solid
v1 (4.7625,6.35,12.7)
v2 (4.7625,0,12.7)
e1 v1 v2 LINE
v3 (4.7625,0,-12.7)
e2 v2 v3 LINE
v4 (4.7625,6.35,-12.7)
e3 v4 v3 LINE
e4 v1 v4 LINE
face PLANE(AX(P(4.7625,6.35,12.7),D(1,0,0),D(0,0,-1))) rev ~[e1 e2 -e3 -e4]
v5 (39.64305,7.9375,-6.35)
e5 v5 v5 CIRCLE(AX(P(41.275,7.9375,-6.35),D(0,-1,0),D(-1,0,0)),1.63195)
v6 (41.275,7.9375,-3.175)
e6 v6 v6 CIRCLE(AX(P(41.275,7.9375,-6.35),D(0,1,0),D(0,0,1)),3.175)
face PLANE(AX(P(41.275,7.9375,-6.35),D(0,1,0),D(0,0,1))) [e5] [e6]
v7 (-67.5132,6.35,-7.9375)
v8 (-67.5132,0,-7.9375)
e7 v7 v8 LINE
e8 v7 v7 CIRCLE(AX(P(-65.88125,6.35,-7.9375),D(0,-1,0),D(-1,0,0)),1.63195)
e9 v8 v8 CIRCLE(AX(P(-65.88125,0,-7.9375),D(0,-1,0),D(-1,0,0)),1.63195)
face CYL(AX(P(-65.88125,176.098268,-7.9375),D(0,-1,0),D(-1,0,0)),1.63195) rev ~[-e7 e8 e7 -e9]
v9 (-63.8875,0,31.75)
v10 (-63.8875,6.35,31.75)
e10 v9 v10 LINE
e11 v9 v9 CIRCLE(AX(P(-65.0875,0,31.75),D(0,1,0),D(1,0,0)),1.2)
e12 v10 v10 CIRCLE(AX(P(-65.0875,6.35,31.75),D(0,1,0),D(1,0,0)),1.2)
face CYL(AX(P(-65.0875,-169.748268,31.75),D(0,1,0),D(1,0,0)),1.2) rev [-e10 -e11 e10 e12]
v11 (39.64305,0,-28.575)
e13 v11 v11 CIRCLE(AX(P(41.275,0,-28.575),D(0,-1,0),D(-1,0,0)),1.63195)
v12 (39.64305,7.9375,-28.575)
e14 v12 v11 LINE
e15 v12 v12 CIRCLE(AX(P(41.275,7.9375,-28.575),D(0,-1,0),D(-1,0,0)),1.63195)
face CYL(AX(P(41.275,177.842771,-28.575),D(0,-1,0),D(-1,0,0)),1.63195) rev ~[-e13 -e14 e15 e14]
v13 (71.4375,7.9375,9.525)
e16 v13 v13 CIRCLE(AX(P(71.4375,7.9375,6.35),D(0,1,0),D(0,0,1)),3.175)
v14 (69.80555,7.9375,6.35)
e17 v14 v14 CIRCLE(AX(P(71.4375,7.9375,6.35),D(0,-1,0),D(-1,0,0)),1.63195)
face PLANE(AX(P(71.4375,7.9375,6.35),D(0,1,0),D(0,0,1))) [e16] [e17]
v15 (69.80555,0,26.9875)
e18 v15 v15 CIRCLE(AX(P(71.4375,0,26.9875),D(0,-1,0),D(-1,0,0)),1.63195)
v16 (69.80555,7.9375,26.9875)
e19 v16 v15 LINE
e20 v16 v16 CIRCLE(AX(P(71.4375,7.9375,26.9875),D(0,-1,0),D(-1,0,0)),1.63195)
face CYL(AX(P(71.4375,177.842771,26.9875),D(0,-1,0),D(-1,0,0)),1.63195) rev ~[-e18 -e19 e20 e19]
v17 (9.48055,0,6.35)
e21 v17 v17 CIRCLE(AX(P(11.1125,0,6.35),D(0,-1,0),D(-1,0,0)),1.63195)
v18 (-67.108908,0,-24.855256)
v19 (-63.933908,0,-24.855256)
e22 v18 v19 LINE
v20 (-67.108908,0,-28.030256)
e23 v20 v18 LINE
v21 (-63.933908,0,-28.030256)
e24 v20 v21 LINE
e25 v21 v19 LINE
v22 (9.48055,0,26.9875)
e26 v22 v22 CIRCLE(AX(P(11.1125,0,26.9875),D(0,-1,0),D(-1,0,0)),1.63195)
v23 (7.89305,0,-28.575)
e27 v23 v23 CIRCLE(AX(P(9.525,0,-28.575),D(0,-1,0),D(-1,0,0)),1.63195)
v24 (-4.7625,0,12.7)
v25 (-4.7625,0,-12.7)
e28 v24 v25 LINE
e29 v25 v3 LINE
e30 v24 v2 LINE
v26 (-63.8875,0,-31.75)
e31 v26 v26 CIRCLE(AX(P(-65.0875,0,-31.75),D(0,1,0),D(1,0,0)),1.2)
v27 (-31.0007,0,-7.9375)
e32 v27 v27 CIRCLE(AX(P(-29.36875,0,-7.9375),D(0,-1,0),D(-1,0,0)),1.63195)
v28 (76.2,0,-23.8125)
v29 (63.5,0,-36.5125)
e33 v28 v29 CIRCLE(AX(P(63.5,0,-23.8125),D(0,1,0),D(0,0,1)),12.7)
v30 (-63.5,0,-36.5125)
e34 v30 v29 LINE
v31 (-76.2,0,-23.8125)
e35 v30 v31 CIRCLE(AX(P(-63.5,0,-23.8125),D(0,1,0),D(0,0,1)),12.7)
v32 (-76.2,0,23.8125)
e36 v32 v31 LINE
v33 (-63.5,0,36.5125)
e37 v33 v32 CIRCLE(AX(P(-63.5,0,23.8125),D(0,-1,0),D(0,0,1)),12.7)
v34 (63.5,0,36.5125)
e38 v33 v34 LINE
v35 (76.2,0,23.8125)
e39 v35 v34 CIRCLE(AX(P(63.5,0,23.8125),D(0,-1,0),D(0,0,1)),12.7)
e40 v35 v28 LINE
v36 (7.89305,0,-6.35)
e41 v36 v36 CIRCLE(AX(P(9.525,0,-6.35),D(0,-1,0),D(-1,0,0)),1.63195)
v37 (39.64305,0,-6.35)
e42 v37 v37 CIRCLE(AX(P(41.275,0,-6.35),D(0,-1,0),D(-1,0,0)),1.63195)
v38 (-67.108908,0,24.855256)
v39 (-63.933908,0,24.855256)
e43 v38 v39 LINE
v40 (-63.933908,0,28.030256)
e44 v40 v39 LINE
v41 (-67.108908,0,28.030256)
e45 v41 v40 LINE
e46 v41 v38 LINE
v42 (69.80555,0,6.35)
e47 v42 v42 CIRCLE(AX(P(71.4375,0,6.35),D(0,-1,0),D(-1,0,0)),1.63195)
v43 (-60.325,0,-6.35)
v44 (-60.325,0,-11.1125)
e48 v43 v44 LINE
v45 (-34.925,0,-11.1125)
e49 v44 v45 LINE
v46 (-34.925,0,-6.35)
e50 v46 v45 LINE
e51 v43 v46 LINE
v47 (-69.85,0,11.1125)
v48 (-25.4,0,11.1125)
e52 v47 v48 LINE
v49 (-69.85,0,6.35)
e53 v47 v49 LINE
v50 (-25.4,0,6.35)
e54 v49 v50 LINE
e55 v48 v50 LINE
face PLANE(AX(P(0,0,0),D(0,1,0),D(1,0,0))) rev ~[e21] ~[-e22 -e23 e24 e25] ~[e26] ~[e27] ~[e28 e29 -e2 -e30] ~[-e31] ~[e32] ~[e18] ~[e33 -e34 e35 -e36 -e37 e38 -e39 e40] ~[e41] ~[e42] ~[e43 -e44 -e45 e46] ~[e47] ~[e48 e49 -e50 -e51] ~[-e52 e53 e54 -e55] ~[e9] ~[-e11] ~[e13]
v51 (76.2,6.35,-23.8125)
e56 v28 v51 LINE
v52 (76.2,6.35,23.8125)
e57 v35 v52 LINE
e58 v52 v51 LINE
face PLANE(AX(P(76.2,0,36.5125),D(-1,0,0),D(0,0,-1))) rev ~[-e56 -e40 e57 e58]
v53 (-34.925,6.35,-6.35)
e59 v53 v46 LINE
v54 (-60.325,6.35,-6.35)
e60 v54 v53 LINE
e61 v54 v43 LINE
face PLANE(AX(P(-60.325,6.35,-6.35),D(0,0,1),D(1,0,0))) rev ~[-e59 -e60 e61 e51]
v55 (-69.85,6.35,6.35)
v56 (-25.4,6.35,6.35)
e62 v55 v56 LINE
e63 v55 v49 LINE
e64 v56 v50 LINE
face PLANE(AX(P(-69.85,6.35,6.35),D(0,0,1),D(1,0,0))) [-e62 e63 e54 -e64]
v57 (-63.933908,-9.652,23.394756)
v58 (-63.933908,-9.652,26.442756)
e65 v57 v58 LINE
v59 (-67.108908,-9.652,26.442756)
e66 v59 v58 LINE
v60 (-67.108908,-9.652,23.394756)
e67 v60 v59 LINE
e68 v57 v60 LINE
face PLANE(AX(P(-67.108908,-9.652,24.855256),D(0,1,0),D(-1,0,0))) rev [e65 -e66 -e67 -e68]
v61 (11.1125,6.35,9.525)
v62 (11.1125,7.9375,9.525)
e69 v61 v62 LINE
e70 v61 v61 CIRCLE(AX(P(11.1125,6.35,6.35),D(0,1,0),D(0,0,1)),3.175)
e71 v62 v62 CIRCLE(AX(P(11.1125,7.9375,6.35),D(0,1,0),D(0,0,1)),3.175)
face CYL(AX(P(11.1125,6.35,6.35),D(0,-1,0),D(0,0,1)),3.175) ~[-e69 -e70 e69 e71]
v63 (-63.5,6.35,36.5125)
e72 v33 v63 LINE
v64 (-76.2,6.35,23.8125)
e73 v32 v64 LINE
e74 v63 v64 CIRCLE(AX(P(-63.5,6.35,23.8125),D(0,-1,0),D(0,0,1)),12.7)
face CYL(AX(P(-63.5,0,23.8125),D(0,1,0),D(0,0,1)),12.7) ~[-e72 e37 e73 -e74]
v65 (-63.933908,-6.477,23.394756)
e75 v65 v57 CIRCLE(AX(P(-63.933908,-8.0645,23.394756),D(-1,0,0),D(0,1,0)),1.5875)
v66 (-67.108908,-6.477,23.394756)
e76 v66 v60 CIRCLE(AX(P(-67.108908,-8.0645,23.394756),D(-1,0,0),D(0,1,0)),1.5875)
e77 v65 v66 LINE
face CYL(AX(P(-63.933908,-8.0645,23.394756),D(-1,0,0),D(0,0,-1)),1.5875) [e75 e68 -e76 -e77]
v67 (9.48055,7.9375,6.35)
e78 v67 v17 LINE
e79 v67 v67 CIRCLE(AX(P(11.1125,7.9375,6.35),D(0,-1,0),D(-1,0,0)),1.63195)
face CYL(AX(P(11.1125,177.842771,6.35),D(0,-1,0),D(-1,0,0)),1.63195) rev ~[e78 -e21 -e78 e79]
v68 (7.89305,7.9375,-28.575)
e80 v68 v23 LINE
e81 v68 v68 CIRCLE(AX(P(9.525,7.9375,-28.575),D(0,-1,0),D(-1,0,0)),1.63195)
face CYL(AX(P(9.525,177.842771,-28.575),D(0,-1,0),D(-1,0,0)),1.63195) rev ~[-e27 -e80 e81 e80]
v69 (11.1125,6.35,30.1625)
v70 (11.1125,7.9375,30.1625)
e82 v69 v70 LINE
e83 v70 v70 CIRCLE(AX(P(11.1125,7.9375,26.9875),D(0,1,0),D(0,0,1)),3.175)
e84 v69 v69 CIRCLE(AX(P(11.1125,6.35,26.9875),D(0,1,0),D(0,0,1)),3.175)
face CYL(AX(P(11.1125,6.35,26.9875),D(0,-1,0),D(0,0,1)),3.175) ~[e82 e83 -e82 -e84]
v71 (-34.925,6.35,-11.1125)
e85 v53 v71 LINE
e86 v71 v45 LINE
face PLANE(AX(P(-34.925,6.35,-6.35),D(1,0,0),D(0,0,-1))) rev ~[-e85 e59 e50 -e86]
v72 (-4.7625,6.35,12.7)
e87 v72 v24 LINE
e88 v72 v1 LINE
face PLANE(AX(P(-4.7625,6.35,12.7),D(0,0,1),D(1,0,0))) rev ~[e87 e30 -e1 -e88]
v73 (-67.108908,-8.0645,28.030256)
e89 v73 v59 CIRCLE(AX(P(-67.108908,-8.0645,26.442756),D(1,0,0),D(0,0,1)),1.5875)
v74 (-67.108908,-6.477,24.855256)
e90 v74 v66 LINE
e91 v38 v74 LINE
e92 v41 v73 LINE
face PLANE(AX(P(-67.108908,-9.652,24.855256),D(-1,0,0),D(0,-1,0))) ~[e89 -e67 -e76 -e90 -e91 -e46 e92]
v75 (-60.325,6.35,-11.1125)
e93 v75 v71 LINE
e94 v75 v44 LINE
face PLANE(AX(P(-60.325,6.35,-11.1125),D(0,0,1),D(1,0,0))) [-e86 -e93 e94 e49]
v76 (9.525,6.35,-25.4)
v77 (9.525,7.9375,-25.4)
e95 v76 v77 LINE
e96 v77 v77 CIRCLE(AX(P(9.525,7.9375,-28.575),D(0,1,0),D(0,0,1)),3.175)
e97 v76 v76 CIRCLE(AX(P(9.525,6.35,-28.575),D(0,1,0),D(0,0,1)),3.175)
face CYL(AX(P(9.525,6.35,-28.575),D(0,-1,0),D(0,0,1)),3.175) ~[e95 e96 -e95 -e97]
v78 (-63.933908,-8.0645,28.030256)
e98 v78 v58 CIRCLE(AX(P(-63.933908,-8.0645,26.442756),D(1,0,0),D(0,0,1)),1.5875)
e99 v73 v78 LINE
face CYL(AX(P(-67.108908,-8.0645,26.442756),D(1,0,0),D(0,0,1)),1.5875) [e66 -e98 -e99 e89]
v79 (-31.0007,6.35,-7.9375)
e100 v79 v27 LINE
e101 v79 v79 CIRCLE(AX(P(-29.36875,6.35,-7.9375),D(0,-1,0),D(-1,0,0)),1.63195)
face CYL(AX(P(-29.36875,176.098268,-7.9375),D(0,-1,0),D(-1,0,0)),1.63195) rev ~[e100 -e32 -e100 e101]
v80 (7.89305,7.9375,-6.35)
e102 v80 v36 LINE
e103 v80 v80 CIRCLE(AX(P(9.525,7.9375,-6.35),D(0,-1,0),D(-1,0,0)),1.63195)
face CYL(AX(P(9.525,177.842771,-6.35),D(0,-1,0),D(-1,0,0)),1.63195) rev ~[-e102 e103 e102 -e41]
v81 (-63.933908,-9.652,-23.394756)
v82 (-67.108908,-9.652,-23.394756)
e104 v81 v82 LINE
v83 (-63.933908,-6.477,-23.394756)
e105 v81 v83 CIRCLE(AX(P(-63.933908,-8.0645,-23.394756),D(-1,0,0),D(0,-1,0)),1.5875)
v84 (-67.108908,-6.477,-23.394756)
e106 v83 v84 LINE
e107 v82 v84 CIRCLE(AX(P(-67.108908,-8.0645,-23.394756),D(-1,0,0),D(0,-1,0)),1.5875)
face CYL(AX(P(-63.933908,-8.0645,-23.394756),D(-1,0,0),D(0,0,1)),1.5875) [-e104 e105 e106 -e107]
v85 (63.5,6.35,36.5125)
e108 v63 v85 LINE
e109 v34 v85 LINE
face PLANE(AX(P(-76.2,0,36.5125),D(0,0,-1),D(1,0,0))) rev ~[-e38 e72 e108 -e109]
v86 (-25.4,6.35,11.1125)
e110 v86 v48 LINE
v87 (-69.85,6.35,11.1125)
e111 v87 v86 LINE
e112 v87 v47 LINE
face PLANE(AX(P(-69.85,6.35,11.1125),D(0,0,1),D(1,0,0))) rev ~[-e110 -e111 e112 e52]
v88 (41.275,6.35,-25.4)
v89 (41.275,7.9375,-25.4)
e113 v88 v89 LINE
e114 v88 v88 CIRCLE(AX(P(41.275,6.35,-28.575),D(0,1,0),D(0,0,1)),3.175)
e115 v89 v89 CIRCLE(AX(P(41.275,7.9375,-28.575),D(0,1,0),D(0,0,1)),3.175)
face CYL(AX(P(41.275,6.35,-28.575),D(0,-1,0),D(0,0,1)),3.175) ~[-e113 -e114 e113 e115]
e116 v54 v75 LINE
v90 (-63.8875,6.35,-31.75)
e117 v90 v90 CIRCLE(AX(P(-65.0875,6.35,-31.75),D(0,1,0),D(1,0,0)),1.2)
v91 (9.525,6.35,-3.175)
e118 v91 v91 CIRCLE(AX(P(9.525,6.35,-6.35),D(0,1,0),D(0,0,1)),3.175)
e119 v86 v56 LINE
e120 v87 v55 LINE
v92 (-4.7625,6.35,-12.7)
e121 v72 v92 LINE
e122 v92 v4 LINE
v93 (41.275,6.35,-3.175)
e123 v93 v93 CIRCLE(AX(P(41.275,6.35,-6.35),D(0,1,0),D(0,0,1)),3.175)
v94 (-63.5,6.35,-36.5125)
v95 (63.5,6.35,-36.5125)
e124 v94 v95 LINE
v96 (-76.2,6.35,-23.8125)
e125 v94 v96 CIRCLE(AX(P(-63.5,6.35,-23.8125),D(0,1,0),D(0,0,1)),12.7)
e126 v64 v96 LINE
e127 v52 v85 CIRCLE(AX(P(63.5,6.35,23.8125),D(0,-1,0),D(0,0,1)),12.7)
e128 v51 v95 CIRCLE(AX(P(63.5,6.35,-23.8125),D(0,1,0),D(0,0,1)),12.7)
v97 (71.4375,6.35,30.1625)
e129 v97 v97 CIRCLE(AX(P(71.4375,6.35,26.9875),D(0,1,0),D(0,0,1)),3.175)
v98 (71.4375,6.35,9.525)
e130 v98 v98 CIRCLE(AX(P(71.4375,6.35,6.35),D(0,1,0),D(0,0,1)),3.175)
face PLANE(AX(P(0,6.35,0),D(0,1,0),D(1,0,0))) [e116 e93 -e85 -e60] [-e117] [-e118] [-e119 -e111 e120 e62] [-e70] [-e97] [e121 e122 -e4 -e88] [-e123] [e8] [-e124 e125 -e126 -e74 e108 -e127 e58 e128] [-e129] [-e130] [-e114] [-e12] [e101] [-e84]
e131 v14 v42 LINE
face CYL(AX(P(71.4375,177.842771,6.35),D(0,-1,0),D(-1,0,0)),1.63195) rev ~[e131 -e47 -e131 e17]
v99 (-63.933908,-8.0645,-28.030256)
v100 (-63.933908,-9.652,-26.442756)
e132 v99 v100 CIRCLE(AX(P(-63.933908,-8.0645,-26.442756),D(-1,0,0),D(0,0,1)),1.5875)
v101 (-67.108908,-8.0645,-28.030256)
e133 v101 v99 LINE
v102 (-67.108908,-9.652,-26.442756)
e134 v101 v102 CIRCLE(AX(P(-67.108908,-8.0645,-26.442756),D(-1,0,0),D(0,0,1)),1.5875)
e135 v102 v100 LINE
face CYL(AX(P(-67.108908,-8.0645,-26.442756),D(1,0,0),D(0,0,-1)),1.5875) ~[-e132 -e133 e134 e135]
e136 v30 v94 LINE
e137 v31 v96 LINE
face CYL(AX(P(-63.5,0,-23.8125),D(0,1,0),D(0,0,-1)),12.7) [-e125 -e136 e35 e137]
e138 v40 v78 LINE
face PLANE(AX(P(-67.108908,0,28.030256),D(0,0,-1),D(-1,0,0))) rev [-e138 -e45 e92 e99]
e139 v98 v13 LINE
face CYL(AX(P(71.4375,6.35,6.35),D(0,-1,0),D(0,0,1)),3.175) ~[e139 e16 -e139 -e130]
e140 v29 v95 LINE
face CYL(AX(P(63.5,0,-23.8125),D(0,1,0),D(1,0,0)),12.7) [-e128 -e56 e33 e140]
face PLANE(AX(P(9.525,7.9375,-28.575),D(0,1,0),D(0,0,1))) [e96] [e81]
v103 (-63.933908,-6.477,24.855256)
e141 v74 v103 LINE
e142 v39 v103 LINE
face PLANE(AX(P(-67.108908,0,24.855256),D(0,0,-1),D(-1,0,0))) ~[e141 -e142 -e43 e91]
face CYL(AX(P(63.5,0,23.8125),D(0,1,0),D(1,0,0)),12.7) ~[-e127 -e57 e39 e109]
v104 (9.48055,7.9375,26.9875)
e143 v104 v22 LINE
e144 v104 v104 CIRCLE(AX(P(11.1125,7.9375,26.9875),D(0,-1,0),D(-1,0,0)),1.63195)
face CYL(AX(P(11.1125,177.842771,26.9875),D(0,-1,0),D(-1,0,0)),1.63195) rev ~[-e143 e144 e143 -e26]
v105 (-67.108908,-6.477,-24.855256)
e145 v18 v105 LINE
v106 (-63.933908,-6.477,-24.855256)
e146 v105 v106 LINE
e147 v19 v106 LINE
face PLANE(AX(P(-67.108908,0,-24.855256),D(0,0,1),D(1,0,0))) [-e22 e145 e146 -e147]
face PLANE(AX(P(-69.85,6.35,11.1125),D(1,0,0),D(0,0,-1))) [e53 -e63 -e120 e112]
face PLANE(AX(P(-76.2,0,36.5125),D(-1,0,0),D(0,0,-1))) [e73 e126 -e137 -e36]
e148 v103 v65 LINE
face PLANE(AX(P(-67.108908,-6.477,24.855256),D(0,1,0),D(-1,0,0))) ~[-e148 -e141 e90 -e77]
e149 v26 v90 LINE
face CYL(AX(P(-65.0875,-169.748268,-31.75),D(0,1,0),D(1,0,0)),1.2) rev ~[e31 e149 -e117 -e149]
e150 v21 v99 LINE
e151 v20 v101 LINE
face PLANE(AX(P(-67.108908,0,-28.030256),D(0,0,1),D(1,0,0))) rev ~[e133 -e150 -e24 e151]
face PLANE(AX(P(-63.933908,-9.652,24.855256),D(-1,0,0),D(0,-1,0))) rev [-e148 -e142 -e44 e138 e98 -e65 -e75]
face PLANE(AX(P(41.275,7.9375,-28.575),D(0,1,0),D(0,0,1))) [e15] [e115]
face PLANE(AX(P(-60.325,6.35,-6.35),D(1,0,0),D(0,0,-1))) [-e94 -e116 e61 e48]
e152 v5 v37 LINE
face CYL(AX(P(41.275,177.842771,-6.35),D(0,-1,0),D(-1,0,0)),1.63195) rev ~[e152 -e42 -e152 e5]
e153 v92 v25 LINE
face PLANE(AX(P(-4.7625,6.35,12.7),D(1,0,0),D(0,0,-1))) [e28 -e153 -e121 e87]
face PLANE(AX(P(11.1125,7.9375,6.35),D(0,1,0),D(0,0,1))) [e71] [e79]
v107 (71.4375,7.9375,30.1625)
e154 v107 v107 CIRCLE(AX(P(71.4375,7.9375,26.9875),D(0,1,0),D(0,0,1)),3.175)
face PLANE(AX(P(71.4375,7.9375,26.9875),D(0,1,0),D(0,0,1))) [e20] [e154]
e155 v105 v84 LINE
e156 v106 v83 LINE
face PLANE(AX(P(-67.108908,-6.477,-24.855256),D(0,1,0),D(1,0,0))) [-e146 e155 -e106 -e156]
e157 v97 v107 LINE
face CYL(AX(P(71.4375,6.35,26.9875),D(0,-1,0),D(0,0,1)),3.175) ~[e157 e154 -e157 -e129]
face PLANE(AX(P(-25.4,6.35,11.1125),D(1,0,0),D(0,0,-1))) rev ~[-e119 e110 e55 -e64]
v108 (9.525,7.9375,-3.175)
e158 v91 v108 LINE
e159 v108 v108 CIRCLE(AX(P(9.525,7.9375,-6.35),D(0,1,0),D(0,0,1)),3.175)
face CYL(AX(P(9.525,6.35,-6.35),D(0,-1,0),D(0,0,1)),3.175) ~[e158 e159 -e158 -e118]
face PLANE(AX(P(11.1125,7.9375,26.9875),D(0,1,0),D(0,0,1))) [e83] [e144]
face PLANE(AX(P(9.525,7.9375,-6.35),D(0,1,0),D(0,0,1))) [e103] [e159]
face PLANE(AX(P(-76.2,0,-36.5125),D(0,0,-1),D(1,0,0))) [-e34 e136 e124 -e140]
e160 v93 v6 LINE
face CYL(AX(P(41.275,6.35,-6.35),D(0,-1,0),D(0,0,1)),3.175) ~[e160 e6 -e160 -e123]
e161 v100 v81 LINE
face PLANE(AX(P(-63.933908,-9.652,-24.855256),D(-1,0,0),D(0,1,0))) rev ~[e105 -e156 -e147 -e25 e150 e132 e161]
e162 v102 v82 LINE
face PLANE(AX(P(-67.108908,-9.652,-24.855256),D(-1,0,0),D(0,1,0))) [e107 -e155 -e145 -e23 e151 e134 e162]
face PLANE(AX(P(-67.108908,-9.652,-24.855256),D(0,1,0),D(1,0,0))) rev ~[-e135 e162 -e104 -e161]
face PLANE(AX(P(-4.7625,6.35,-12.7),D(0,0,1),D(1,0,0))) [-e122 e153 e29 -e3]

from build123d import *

# Parameters (mm, degrees)
SKETCH1_W             = 152.4
SKETCH1_H             = 73.025
BOSS_EXTRUDE1_DEPTH   = 6.35
SKETCH2_W             = 3.175
SKETCH2_H             = 3.175
BOSS_EXTRUDE2_DEPTH   = 9.652
SKETCH3_W             = 3.175
SKETCH3_H             = 3.175
BOSS_EXTRUDE3_DEPTH   = 3.048
M2_CLEARANCE_HOLE1_D  = 2.4
FILLET1_RADIUS        = 1.5875
FILLET1_LENGTH        = 3.175
FILLET2_R             = 1.5875
FILLET3_R             = 1.5875
FILLET4_RADIUS        = 1.5875
FILLET4_LENGTH        = 3.175
FILLET5_R             = 12.7
SKETCH9_W             = 44.45
SKETCH9_H             = 4.7625
SKETCH9_W_2           = 25.4
SKETCH9_W_3           = 9.525
SKETCH9_H_2           = 25.4
CUT_EXTRUDE1_DEPTH    = 86.998061956
F_4_CLEARANCE_HOLE1_D = 3.2639
SKETCH12_R            = 3.175
BOSS_EXTRUDE4_DEPTH   = 1.5875
F_4_CLEARANCE_HOLE3_D = 3.2639


with BuildPart() as part:
    # Sketch1 → Boss-Extrude1 (new body)
    with BuildSketch(Plane(origin=(0, 0, 0), x_dir=(1, 0, 0), z_dir=(0, 1, 0))):
        Rectangle(SKETCH1_W, SKETCH1_H)
    extrude(amount=BOSS_EXTRUDE1_DEPTH)

    # Sketch2 → Boss-Extrude2 (add)
    with BuildSketch(Plane.XZ):
        with Locations((-65.521407591, -26.442756121)):
            Rectangle(SKETCH2_W, SKETCH2_H)
    boss_extrude2 = extrude(amount=BOSS_EXTRUDE2_DEPTH)

    # Sketch3 → Boss-Extrude3 (add)
    with BuildSketch(Plane.XY.offset(-24.855256121)):
        with Locations((-65.521407591, -8.0645)):
            Rectangle(SKETCH3_W, SKETCH3_H)
    boss_extrude3 = extrude(amount=BOSS_EXTRUDE3_DEPTH)

    # Mirror1: Boss-Extrude2, Boss-Extrude3 across plane
    add(boss_extrude2.mirror(Plane.XY))
    add(boss_extrude3.mirror(Plane.XY))

    # M2 Clearance Hole1 (through all)
    with Locations(Plane(origin=(0, 0, 0), x_dir=(-1, 0, 0), z_dir=(0, -1, 0))):
        with Locations((65.0875, 31.75)):
            m2_clearance_hole1 = Hole(M2_CLEARANCE_HOLE1_D / 2)

    # Fillet1: full round fillet: the end face becomes a half cylinder, R = half its width
    fillet1_face = Plane((-65.521407591, -8.0645, 21.807256121), x_dir=(-1, 0, 0), z_dir=(0, 0, -1))  # on the end face: x along it, z out of the body
    fillet1_slab = fillet1_face.offset(-FILLET1_RADIUS / 2) * Box(FILLET1_LENGTH, 2 * FILLET1_RADIUS, FILLET1_RADIUS, mode=Mode.PRIVATE)  # the body's end, R deep
    fillet1_round = Plane((-65.521407591, -8.0645, 23.394756121), x_dir=(0, 0, -1), z_dir=(-1, 0, 0)) * Cylinder(FILLET1_RADIUS, FILLET1_LENGTH, mode=Mode.PRIVATE)  # its axis R under the face
    add(fillet1_slab - fillet1_round, mode=Mode.SUBTRACT)

    # Fillet2
    fillet2_edges = [part.edges().sort_by_distance(p)[0] for p in [
        (-65.521407591, -9.652, 28.030256121),
    ]]
    fillet(fillet2_edges, radius=FILLET2_R)

    # Mirror2: M2 Clearance Hole1 across plane
    add(m2_clearance_hole1.mirror(Plane.XY), mode=Mode.SUBTRACT)

    # Fillet3
    fillet3_edges = [part.edges().sort_by_distance(p)[0] for p in [
        (-65.521407591, -9.652, -28.030256121),
    ]]
    fillet(fillet3_edges, radius=FILLET3_R)

    # Fillet4: full round fillet: the end face becomes a half cylinder, R = half its width
    fillet4_face = Plane((-65.521407591, -8.0645, -21.807256121), x_dir=(-1, 0, 0), z_dir=(0, 0, 1))  # on the end face: x along it, z out of the body
    fillet4_slab = fillet4_face.offset(-FILLET4_RADIUS / 2) * Box(FILLET4_LENGTH, 2 * FILLET4_RADIUS, FILLET4_RADIUS, mode=Mode.PRIVATE)  # the body's end, R deep
    fillet4_round = Plane((-65.521407591, -8.0645, -23.394756121), x_dir=(0, 0, 1), z_dir=(-1, 0, 0)) * Cylinder(FILLET4_RADIUS, FILLET4_LENGTH, mode=Mode.PRIVATE)  # its axis R under the face
    add(fillet4_slab - fillet4_round, mode=Mode.SUBTRACT)

    # Fillet5
    fillet5_edges = [part.edges().sort_by_distance(p)[0] for p in [
        (76.2, 3.175, 36.5125),
        (-76.2, 3.175, 36.5125),
        (-76.2, 3.175, -36.5125),
        (76.2, 3.175, -36.5125),
    ]]
    fillet(fillet5_edges, radius=FILLET5_R)

    # Sketch9 → Cut-Extrude1 (cut, through all)
    with BuildSketch(Plane(origin=(0, 6.35, 0), x_dir=(1, 0, 0), z_dir=(0, 1, 0))):
        with Locations((-47.625, -8.73125)):
            Rectangle(SKETCH9_W, SKETCH9_H)
        with Locations((-47.625, 8.73125)):
            Rectangle(SKETCH9_W_2, SKETCH9_H)
        Rectangle(SKETCH9_W_3, SKETCH9_H_2)
    extrude(amount=-CUT_EXTRUDE1_DEPTH, mode=Mode.SUBTRACT)

    # #4 Clearance Hole1 (through all)
    with Locations(Plane(origin=(0, 6.35, 0), x_dir=(1, 0, 0), z_dir=(0, 1, 0))):
        with Locations((-65.88125, 7.9375), (-29.36875, 7.9375)):
            Hole(F_4_CLEARANCE_HOLE1_D / 2)

    # Sketch12 → Boss-Extrude4 (add)
    with BuildSketch(Plane(origin=(0, 6.35, 0), x_dir=(1, 0, 0), z_dir=(0, 1, 0))):
        with Locations(Location((9.525, 28.575, 0), (0, 0, 270))):
            Circle(SKETCH12_R)
        with Locations(Location((41.275, 28.575, 0), (0, 0, 270))):
            Circle(SKETCH12_R)
        with Locations(Location((41.275, 6.35, 0), (0, 0, 270))):
            Circle(SKETCH12_R)
        with Locations(Location((9.525, 6.35, 0), (0, 0, 270))):
            Circle(SKETCH12_R)
        with Locations(Location((11.1125, -6.35, 0), (0, 0, 270))):
            Circle(SKETCH12_R)
        with Locations(Location((11.1125, -26.9875, 0), (0, 0, 270))):
            Circle(SKETCH12_R)
        with Locations(Location((71.4375, -26.9875, 0), (0, 0, 270))):
            Circle(SKETCH12_R)
        with Locations(Location((71.4375, -6.35, 0), (0, 0, 270))):
            Circle(SKETCH12_R)
    extrude(amount=BOSS_EXTRUDE4_DEPTH)

    # #4 Clearance Hole3 (through all)
    with Locations(Plane(origin=(0, 7.9375, 0), x_dir=(1, 0, 0), z_dir=(0, 1, 0))):
        with Locations((9.525, 28.575), (41.275, 28.575), (41.275, 6.35), (9.525, 6.35), (11.1125, -6.35), (11.1125, -26.9875), (71.4375, -26.9875), (71.4375, -6.35)):
            Hole(F_4_CLEARANCE_HOLE3_D / 2)


solid = part.part
